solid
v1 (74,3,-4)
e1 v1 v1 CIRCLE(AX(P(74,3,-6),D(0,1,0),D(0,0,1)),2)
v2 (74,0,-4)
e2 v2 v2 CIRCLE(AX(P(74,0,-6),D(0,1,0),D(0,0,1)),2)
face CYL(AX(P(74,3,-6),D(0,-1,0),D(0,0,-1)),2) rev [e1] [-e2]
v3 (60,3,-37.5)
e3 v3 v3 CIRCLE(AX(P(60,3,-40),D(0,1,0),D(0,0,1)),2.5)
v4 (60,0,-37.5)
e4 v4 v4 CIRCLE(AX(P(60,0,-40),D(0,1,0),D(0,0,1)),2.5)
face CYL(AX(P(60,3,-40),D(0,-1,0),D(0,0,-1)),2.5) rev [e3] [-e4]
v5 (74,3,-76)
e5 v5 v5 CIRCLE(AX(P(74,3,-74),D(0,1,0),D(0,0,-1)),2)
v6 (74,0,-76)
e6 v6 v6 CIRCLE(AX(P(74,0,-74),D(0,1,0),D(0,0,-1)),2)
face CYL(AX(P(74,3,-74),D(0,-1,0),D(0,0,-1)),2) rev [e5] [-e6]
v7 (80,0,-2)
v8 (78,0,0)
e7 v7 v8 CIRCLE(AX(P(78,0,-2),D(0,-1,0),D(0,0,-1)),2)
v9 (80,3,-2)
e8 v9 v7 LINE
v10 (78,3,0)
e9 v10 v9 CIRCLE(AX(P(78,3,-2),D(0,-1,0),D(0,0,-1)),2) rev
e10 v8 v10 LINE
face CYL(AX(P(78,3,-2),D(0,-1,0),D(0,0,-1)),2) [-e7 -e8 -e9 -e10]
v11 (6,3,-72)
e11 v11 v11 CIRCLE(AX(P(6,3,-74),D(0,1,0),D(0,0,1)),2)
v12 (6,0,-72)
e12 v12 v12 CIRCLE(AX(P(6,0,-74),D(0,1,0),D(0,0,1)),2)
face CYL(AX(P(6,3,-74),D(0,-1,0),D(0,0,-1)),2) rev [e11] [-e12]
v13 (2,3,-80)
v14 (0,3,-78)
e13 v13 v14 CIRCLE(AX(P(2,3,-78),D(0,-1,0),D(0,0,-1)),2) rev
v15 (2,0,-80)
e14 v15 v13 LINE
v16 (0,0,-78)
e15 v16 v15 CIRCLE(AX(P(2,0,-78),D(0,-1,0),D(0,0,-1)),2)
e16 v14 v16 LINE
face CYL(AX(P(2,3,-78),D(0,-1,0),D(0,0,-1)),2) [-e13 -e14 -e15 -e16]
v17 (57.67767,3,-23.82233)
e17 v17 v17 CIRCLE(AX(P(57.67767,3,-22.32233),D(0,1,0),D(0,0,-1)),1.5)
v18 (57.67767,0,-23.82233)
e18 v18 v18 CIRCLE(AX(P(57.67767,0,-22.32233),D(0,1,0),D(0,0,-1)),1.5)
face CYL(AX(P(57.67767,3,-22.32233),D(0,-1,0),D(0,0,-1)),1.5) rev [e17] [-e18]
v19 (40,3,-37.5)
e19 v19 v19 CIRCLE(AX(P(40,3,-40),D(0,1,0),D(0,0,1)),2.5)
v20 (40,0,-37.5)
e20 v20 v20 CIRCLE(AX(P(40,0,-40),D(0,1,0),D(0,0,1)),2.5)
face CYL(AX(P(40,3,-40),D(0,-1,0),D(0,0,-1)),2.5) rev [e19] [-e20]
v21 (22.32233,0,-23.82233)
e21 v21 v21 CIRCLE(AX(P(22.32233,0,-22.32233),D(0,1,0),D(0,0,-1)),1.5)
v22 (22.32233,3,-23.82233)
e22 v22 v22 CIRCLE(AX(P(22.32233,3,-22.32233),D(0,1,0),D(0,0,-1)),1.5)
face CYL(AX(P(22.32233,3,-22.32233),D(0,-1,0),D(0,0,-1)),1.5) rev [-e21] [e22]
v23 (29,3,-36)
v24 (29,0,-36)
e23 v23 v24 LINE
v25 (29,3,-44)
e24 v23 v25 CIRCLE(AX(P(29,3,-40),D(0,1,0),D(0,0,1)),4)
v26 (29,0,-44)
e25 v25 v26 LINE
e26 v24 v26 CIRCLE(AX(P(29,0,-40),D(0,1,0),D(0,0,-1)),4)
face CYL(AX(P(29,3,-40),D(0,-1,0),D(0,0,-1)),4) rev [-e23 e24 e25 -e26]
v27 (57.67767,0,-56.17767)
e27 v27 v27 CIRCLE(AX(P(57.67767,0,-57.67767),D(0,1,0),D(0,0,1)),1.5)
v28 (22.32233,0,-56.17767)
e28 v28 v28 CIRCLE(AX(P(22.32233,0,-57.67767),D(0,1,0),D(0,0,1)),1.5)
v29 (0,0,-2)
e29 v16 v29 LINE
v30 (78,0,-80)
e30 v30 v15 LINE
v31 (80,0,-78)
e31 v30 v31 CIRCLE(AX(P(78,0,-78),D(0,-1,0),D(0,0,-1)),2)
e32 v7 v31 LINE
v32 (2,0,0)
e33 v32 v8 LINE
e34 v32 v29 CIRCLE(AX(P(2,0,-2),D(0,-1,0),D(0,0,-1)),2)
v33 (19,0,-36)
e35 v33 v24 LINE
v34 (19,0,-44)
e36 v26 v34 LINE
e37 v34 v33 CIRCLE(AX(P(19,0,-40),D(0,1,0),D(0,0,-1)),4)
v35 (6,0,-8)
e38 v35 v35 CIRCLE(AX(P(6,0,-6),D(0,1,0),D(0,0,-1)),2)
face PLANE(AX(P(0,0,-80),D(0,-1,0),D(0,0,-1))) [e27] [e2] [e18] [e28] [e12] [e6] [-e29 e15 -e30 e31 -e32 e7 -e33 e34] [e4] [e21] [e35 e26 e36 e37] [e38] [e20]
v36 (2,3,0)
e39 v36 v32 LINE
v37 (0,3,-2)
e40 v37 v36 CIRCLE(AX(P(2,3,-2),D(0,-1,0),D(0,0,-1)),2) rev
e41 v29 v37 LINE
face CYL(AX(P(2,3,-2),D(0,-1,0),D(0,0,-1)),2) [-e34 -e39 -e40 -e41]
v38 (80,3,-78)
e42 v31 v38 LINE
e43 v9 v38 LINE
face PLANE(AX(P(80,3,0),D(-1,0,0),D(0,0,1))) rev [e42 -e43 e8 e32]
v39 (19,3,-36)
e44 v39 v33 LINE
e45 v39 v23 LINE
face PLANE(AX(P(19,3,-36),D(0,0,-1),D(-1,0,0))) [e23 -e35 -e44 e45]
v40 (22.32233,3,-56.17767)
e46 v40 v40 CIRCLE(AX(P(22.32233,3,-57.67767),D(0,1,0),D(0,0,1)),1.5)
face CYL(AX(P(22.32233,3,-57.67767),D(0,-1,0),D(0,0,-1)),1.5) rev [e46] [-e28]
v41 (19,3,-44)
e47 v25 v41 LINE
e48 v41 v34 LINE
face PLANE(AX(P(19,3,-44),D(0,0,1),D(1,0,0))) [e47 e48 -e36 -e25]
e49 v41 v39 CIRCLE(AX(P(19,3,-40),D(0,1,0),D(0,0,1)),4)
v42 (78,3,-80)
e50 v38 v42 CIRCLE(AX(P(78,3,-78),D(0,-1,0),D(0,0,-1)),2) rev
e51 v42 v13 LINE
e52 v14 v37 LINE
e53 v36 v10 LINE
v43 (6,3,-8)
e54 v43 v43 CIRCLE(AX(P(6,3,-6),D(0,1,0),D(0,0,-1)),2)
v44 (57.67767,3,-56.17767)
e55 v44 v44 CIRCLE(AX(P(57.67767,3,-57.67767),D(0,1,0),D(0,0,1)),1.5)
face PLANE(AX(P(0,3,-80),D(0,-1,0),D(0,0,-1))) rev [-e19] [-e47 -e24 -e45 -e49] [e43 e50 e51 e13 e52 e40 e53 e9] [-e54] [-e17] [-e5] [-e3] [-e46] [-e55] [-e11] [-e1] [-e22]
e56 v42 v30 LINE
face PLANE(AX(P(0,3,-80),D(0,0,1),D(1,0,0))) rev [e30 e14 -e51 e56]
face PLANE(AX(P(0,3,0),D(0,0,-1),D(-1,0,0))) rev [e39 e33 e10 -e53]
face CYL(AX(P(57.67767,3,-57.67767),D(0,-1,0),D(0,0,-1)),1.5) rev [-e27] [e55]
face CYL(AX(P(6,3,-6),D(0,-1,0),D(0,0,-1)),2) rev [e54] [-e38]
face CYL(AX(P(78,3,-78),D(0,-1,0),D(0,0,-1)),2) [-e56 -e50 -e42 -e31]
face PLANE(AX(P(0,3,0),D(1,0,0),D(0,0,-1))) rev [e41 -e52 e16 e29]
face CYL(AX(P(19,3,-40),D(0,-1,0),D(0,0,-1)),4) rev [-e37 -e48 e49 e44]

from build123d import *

# Parameters (mm, degrees)
ESQUISSE1_W      = 80
ESQUISSE1_H      = 80
ESQUISSE1_R      = 2.5
ESQUISSE1_R_2    = 1.5
ESQUISSE1_R_3    = 2
EXTRUSION1_DEPTH = 3
CONG_1_R         = 2


with BuildPart() as part:
    # Esquisse1 → Extrusion1 (new body)
    with BuildSketch(Plane(origin=(0, 0, 0), x_dir=(1, 0, 0), z_dir=(0, 1, 0))):
        with Locations((40, 40)):
            Rectangle(ESQUISSE1_W, ESQUISSE1_H)
        with Locations((40, 40)):
            Circle(ESQUISSE1_R, mode=Mode.SUBTRACT)
        with Locations((60, 40)):
            Circle(ESQUISSE1_R, mode=Mode.SUBTRACT)
        with Locations((57.67766953, 57.67766953)):
            Circle(ESQUISSE1_R_2, mode=Mode.SUBTRACT)
        with Locations((22.32233047, 22.32233047)):
            Circle(ESQUISSE1_R_2, mode=Mode.SUBTRACT)
        with Locations((22.32233047, 57.67766953)):
            Circle(ESQUISSE1_R_2, mode=Mode.SUBTRACT)
        with Locations((57.67766953, 22.32233047)):
            Circle(ESQUISSE1_R_2, mode=Mode.SUBTRACT)
        with Locations((6, 74)):
            Circle(ESQUISSE1_R_3, mode=Mode.SUBTRACT)
        with Locations((74, 74)):
            Circle(ESQUISSE1_R_3, mode=Mode.SUBTRACT)
        with Locations((74, 6)):
            Circle(ESQUISSE1_R_3, mode=Mode.SUBTRACT)
        with Locations((6, 6)):
            Circle(ESQUISSE1_R_3, mode=Mode.SUBTRACT)
        with BuildLine():
            Line((19, 44), (29, 44))
            ThreePointArc((29, 44), (31.828427125, 42.828427125), (33, 40))
            ThreePointArc((33, 40), (31.828427125, 37.171572875), (29, 36))
            Line((29, 36), (19, 36))
            ThreePointArc((19, 36), (16.171572875, 37.171572875), (15, 40))
            ThreePointArc((15, 40), (16.171572875, 42.828427125), (19, 44))
        make_face(mode=Mode.SUBTRACT)
    extrude(amount=EXTRUSION1_DEPTH)

    # Congé1
    cong_1_edges = [part.edges().sort_by_distance(p)[0] for p in [
        (0, 1.5, -80),
        (80, 1.5, -80),
        (80, 1.5, 0),
        (0, 1.5, 0),
    ]]
    fillet(cong_1_edges, radius=CONG_1_R)


solid = part.part
